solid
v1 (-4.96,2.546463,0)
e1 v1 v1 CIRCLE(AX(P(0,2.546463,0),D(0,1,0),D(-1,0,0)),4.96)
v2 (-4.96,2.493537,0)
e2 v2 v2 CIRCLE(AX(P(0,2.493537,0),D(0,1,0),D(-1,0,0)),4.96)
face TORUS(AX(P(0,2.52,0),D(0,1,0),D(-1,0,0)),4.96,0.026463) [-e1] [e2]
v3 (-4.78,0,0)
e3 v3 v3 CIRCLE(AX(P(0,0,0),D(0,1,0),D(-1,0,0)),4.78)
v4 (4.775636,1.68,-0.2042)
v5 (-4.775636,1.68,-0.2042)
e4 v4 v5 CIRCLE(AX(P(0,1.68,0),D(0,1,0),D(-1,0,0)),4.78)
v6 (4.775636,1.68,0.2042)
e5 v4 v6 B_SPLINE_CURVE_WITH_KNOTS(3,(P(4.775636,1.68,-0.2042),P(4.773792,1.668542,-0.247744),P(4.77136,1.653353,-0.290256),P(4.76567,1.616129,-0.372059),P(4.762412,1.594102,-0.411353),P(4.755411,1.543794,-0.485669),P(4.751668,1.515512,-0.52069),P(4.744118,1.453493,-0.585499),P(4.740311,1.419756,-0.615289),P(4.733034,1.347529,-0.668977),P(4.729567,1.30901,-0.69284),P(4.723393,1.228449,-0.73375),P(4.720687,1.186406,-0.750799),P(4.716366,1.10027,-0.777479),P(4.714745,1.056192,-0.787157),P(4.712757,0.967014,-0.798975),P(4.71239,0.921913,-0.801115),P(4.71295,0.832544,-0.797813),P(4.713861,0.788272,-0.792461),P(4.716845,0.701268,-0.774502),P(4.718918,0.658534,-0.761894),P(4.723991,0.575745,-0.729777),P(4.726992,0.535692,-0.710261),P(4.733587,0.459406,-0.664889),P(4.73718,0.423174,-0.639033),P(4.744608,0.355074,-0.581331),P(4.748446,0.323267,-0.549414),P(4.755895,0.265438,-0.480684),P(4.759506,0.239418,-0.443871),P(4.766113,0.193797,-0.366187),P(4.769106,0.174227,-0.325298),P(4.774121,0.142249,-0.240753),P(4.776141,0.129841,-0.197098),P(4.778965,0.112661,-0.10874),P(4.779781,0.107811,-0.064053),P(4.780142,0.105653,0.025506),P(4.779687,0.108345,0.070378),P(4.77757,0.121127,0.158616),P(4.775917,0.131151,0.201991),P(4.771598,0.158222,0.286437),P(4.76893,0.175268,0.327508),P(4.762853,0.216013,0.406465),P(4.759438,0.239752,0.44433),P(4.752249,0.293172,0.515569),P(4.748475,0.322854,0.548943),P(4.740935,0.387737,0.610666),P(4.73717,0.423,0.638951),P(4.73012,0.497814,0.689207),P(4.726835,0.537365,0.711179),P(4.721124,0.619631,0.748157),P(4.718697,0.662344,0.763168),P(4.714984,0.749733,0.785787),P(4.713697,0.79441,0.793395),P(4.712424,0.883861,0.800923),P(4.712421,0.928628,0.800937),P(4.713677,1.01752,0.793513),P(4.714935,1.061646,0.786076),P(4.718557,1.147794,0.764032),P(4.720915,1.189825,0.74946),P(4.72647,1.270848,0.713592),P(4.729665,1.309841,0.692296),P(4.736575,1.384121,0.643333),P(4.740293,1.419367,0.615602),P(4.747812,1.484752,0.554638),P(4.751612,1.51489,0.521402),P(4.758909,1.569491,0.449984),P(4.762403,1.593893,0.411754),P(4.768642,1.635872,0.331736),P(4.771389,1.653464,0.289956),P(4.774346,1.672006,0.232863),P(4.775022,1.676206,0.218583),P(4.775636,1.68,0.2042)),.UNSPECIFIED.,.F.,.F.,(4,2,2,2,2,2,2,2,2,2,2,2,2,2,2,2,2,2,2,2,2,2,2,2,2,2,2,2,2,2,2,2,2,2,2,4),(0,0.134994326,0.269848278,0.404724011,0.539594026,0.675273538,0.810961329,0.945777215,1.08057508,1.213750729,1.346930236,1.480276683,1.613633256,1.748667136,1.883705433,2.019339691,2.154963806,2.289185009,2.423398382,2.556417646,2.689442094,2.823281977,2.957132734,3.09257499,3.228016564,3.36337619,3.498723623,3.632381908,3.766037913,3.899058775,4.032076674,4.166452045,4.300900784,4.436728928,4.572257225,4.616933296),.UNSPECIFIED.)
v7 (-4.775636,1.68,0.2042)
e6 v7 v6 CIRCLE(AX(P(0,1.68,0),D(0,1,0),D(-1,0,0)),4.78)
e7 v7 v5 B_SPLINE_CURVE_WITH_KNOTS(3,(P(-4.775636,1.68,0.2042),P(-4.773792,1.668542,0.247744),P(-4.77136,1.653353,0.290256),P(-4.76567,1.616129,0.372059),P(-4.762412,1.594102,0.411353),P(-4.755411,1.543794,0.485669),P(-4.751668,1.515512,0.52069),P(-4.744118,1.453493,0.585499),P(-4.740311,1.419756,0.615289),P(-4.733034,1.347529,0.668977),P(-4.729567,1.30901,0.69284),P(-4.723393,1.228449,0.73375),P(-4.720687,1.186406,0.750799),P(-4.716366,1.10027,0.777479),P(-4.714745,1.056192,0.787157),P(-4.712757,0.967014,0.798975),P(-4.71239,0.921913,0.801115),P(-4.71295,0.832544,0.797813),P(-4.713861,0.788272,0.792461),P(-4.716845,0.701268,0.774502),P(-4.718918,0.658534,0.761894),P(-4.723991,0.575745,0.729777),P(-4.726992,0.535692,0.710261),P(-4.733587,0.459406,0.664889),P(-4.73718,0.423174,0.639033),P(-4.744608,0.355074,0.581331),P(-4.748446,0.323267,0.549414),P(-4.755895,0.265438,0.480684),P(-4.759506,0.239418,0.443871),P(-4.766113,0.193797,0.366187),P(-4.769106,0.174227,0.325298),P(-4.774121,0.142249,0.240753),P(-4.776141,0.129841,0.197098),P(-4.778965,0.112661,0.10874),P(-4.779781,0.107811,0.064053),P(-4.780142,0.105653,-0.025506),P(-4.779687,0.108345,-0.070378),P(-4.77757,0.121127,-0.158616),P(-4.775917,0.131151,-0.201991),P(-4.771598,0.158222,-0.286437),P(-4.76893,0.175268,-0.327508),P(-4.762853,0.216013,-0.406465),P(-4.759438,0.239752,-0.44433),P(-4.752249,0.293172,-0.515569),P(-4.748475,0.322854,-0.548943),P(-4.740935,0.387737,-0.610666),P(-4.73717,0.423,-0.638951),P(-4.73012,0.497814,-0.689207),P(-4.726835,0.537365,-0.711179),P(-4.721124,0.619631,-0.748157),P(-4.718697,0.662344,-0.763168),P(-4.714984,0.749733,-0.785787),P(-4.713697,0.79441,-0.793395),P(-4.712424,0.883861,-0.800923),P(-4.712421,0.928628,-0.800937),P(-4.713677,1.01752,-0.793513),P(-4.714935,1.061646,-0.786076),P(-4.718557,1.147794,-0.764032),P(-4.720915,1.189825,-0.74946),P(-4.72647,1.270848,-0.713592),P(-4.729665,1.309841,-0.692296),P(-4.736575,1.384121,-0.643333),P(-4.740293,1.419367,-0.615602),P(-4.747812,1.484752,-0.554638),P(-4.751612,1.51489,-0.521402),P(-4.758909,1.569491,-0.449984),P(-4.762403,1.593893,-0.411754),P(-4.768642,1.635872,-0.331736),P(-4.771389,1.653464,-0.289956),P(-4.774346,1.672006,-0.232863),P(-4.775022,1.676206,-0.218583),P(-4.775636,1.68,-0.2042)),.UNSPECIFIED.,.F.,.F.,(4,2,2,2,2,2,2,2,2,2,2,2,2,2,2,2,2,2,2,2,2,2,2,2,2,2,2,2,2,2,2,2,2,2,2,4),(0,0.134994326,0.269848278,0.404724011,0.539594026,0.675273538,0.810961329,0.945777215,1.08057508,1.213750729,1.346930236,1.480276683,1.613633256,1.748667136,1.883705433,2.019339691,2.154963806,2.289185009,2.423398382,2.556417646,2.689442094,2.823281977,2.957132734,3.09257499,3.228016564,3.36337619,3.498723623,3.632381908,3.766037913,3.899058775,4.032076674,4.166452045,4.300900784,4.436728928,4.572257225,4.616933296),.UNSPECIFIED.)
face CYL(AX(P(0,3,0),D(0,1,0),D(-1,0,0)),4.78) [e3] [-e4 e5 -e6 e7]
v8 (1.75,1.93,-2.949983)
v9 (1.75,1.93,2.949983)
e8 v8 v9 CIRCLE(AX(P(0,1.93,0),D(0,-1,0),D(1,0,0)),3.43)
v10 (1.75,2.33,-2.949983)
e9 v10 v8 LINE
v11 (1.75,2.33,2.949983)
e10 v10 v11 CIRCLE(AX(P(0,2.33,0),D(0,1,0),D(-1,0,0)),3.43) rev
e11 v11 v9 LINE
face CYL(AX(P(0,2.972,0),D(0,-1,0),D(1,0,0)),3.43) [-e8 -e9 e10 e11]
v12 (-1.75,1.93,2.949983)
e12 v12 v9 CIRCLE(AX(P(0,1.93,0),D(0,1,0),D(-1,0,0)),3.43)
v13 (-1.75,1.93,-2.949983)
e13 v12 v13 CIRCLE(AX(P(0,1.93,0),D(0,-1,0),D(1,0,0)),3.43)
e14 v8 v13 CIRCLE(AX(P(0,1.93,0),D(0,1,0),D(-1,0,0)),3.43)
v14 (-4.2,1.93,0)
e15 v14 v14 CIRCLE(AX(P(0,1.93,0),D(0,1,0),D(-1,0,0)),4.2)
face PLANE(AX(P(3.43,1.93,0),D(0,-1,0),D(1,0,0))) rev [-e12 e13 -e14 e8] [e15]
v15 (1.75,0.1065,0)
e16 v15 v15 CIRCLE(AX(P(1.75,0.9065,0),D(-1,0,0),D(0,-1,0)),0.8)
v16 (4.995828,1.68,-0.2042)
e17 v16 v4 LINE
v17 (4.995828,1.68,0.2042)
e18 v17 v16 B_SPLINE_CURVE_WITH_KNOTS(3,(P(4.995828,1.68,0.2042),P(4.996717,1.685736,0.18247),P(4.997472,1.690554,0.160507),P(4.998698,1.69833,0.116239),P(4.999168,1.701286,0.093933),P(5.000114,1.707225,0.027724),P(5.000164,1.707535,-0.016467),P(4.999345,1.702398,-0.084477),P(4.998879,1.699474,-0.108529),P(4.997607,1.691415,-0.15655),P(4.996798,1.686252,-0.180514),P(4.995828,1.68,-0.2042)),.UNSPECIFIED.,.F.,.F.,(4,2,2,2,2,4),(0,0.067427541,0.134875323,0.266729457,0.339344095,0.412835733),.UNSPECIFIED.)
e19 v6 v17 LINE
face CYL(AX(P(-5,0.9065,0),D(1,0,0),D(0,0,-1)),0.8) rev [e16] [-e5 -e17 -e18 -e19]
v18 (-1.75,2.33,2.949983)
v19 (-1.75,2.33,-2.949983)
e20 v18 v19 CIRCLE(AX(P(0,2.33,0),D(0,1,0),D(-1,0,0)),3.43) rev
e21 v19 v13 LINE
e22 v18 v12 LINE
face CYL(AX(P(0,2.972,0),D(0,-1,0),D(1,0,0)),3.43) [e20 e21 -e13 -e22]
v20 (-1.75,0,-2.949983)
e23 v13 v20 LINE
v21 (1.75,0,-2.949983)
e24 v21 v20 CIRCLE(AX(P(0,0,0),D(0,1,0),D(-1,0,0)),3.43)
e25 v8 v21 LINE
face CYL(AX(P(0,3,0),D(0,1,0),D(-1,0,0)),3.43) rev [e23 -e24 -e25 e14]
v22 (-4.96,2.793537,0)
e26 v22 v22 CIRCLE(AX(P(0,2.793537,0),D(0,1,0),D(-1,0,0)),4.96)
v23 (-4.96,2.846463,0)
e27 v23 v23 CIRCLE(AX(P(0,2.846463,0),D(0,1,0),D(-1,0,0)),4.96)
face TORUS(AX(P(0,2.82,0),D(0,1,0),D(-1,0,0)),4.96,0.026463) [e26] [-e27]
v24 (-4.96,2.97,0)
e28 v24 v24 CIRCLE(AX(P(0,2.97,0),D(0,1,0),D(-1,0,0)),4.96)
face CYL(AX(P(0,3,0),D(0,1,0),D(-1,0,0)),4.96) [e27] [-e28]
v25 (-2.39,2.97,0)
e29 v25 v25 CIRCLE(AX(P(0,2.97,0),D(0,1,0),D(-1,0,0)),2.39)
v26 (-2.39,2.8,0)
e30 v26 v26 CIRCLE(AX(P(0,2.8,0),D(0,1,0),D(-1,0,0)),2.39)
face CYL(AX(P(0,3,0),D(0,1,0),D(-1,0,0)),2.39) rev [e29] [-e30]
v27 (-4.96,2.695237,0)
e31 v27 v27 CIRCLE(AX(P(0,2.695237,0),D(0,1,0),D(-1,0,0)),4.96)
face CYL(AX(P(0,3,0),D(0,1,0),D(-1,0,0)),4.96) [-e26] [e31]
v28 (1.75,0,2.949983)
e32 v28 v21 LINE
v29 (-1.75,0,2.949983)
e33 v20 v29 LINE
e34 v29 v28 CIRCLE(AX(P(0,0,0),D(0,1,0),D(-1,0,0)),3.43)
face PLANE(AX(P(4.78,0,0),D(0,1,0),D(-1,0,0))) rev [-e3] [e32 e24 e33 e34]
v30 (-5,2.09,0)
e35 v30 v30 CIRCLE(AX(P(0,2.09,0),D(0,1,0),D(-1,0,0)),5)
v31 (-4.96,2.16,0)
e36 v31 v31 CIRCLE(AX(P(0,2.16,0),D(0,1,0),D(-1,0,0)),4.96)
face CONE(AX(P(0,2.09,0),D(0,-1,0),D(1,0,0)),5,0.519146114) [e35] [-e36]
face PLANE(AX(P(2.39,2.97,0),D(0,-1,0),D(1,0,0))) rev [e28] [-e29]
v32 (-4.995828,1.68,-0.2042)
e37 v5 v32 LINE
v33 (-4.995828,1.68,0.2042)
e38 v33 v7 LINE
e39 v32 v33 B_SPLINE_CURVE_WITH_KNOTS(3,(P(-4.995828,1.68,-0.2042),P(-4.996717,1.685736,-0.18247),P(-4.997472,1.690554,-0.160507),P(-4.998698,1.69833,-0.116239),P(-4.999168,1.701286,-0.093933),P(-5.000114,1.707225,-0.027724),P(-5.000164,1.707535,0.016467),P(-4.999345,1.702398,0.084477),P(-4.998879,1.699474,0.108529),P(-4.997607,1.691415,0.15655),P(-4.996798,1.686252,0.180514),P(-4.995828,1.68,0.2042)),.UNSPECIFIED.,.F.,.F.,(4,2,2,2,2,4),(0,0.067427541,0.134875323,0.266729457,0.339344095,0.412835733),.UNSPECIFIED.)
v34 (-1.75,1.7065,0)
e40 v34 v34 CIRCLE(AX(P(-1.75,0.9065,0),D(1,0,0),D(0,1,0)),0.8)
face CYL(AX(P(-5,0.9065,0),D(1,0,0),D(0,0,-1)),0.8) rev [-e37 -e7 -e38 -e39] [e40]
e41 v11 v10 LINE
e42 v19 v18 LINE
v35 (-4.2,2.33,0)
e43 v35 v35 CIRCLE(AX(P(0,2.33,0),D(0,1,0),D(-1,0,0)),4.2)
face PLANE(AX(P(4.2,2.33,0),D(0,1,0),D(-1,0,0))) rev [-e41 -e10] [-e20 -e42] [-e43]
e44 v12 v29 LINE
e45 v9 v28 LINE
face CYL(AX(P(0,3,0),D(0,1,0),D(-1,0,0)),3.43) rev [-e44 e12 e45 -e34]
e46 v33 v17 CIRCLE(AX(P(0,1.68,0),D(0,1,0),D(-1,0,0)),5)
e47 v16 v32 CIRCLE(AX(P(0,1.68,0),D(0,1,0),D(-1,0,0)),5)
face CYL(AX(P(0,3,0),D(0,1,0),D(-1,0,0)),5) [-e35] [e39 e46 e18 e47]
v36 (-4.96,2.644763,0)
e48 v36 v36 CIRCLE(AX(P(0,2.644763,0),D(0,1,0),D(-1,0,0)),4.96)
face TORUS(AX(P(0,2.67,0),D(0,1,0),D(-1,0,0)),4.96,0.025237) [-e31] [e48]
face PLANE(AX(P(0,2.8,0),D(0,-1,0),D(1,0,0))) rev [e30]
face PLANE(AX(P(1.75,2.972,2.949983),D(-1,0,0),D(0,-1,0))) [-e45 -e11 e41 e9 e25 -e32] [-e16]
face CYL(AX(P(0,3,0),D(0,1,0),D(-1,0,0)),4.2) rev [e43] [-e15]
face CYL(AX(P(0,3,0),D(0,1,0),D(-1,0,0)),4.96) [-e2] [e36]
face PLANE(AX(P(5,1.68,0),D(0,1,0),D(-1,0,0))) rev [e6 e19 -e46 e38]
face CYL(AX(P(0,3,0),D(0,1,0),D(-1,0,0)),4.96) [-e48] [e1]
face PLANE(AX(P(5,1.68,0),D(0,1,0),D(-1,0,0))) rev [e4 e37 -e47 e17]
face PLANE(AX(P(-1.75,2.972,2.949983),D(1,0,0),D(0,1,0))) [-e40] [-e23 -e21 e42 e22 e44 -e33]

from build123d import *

# Parameters (mm, degrees)
BOSS_EXTRUDE1_REACH     = 9.669
CUT_EXTRUDE1_DEPTH      = 8.66947847
CUT_EXTRUDE1_DEPTH_BACK = 8.66947847
SKETCH4_R               = 0.8


with BuildPart() as part:
    # Sketch1 → Revolve1 (revolve)
    with BuildSketch(Plane.XY, mode=Mode.PRIVATE) as revolve1_sk:
        with BuildLine():
            Line((4.78, 0), (3.43, 0))
            Line((3.43, 0), (3.43, 1.93))
            Line((3.43, 1.93), (4.2, 1.93))
            Line((4.2, 1.93), (4.2, 2.33))
            Line((4.2, 2.33), (0, 2.33))
            Line((0, 2.33), (0, 2.8))
            Line((0, 2.8), (2.39, 2.8))
            Line((2.39, 2.8), (2.39, 2.97))
            Line((2.39, 2.97), (4.96, 2.97))
            Line((4.96, 2.97), (4.96, 2.846462681))
            ThreePointArc((4.96, 2.846462681), (4.986462681, 2.82), (4.96, 2.793537319))
            Line((4.96, 2.793537319), (4.96, 2.69523669))
            ThreePointArc((4.96, 2.69523669), (4.98523669, 2.67), (4.96, 2.64476331))
            Line((4.96, 2.64476331), (4.96, 2.546462681))
            ThreePointArc((4.96, 2.546462681), (4.986462681, 2.52), (4.96, 2.493537319))
            Line((4.96, 2.493537319), (4.96, 2.16))
            Line((4.96, 2.16), (5, 2.09))
            Line((5, 2.09), (5, 1.68))
            Line((5, 1.68), (4.78, 1.68))
            Line((4.78, 1.68), (4.78, 0))
        make_face()
    revolve(revolve1_sk.sketch.rotate(Axis((0, 3, 0), (0, -1, 0)), 180), axis=Axis((0, 3, 0), (0, -1, 0)))

    # Sketch3 → Boss-Extrude1 (add, up to next)
    with BuildSketch(Plane.XZ, mode=Mode.PRIVATE) as boss_extrude1_sk1:
        with BuildLine():
            Line((-1.75, 2.949983051), (-1.75, -2.949983051))
            ThreePointArc((-1.75, -2.949983051), (-3.43, 0), (-1.75, 2.949983051))
        make_face()
    boss_extrude1_tool1 = extrude(boss_extrude1_sk1.sketch, amount=-BOSS_EXTRUDE1_REACH, mode=Mode.PRIVATE) - part.part
    # Sketch3 → Boss-Extrude1 (add, up to next)
    with BuildSketch(Plane.XZ, mode=Mode.PRIVATE) as boss_extrude1_sk2:
        with BuildLine():
            Line((1.75, 2.949983051), (1.75, -2.949983051))
            ThreePointArc((1.75, -2.949983051), (3.43, 0), (1.75, 2.949983051))
        make_face()
    boss_extrude1_tool2 = extrude(boss_extrude1_sk2.sketch, amount=-BOSS_EXTRUDE1_REACH, mode=Mode.PRIVATE) - part.part
    add(boss_extrude1_tool1.solids().sort_by_distance((-2.438465, 0, 0))[0])
    add(boss_extrude1_tool2.solids().sort_by_distance((2.438465, 0, 0))[0])

    # Sketch4 → Cut-Extrude1 (cut, two sides: drawn at the far end of the back side and taken through both)
    with BuildSketch(Plane(origin=(0, 0, 0), x_dir=(0, 0, -1), z_dir=(1, 0, 0)).offset(-CUT_EXTRUDE1_DEPTH_BACK)):
        with Locations(Location((0, 0.9065, 0), (0, 0, 75.211580723))):
            Circle(SKETCH4_R)
    extrude(amount=CUT_EXTRUDE1_DEPTH + CUT_EXTRUDE1_DEPTH_BACK, mode=Mode.SUBTRACT)


solid = part.part
